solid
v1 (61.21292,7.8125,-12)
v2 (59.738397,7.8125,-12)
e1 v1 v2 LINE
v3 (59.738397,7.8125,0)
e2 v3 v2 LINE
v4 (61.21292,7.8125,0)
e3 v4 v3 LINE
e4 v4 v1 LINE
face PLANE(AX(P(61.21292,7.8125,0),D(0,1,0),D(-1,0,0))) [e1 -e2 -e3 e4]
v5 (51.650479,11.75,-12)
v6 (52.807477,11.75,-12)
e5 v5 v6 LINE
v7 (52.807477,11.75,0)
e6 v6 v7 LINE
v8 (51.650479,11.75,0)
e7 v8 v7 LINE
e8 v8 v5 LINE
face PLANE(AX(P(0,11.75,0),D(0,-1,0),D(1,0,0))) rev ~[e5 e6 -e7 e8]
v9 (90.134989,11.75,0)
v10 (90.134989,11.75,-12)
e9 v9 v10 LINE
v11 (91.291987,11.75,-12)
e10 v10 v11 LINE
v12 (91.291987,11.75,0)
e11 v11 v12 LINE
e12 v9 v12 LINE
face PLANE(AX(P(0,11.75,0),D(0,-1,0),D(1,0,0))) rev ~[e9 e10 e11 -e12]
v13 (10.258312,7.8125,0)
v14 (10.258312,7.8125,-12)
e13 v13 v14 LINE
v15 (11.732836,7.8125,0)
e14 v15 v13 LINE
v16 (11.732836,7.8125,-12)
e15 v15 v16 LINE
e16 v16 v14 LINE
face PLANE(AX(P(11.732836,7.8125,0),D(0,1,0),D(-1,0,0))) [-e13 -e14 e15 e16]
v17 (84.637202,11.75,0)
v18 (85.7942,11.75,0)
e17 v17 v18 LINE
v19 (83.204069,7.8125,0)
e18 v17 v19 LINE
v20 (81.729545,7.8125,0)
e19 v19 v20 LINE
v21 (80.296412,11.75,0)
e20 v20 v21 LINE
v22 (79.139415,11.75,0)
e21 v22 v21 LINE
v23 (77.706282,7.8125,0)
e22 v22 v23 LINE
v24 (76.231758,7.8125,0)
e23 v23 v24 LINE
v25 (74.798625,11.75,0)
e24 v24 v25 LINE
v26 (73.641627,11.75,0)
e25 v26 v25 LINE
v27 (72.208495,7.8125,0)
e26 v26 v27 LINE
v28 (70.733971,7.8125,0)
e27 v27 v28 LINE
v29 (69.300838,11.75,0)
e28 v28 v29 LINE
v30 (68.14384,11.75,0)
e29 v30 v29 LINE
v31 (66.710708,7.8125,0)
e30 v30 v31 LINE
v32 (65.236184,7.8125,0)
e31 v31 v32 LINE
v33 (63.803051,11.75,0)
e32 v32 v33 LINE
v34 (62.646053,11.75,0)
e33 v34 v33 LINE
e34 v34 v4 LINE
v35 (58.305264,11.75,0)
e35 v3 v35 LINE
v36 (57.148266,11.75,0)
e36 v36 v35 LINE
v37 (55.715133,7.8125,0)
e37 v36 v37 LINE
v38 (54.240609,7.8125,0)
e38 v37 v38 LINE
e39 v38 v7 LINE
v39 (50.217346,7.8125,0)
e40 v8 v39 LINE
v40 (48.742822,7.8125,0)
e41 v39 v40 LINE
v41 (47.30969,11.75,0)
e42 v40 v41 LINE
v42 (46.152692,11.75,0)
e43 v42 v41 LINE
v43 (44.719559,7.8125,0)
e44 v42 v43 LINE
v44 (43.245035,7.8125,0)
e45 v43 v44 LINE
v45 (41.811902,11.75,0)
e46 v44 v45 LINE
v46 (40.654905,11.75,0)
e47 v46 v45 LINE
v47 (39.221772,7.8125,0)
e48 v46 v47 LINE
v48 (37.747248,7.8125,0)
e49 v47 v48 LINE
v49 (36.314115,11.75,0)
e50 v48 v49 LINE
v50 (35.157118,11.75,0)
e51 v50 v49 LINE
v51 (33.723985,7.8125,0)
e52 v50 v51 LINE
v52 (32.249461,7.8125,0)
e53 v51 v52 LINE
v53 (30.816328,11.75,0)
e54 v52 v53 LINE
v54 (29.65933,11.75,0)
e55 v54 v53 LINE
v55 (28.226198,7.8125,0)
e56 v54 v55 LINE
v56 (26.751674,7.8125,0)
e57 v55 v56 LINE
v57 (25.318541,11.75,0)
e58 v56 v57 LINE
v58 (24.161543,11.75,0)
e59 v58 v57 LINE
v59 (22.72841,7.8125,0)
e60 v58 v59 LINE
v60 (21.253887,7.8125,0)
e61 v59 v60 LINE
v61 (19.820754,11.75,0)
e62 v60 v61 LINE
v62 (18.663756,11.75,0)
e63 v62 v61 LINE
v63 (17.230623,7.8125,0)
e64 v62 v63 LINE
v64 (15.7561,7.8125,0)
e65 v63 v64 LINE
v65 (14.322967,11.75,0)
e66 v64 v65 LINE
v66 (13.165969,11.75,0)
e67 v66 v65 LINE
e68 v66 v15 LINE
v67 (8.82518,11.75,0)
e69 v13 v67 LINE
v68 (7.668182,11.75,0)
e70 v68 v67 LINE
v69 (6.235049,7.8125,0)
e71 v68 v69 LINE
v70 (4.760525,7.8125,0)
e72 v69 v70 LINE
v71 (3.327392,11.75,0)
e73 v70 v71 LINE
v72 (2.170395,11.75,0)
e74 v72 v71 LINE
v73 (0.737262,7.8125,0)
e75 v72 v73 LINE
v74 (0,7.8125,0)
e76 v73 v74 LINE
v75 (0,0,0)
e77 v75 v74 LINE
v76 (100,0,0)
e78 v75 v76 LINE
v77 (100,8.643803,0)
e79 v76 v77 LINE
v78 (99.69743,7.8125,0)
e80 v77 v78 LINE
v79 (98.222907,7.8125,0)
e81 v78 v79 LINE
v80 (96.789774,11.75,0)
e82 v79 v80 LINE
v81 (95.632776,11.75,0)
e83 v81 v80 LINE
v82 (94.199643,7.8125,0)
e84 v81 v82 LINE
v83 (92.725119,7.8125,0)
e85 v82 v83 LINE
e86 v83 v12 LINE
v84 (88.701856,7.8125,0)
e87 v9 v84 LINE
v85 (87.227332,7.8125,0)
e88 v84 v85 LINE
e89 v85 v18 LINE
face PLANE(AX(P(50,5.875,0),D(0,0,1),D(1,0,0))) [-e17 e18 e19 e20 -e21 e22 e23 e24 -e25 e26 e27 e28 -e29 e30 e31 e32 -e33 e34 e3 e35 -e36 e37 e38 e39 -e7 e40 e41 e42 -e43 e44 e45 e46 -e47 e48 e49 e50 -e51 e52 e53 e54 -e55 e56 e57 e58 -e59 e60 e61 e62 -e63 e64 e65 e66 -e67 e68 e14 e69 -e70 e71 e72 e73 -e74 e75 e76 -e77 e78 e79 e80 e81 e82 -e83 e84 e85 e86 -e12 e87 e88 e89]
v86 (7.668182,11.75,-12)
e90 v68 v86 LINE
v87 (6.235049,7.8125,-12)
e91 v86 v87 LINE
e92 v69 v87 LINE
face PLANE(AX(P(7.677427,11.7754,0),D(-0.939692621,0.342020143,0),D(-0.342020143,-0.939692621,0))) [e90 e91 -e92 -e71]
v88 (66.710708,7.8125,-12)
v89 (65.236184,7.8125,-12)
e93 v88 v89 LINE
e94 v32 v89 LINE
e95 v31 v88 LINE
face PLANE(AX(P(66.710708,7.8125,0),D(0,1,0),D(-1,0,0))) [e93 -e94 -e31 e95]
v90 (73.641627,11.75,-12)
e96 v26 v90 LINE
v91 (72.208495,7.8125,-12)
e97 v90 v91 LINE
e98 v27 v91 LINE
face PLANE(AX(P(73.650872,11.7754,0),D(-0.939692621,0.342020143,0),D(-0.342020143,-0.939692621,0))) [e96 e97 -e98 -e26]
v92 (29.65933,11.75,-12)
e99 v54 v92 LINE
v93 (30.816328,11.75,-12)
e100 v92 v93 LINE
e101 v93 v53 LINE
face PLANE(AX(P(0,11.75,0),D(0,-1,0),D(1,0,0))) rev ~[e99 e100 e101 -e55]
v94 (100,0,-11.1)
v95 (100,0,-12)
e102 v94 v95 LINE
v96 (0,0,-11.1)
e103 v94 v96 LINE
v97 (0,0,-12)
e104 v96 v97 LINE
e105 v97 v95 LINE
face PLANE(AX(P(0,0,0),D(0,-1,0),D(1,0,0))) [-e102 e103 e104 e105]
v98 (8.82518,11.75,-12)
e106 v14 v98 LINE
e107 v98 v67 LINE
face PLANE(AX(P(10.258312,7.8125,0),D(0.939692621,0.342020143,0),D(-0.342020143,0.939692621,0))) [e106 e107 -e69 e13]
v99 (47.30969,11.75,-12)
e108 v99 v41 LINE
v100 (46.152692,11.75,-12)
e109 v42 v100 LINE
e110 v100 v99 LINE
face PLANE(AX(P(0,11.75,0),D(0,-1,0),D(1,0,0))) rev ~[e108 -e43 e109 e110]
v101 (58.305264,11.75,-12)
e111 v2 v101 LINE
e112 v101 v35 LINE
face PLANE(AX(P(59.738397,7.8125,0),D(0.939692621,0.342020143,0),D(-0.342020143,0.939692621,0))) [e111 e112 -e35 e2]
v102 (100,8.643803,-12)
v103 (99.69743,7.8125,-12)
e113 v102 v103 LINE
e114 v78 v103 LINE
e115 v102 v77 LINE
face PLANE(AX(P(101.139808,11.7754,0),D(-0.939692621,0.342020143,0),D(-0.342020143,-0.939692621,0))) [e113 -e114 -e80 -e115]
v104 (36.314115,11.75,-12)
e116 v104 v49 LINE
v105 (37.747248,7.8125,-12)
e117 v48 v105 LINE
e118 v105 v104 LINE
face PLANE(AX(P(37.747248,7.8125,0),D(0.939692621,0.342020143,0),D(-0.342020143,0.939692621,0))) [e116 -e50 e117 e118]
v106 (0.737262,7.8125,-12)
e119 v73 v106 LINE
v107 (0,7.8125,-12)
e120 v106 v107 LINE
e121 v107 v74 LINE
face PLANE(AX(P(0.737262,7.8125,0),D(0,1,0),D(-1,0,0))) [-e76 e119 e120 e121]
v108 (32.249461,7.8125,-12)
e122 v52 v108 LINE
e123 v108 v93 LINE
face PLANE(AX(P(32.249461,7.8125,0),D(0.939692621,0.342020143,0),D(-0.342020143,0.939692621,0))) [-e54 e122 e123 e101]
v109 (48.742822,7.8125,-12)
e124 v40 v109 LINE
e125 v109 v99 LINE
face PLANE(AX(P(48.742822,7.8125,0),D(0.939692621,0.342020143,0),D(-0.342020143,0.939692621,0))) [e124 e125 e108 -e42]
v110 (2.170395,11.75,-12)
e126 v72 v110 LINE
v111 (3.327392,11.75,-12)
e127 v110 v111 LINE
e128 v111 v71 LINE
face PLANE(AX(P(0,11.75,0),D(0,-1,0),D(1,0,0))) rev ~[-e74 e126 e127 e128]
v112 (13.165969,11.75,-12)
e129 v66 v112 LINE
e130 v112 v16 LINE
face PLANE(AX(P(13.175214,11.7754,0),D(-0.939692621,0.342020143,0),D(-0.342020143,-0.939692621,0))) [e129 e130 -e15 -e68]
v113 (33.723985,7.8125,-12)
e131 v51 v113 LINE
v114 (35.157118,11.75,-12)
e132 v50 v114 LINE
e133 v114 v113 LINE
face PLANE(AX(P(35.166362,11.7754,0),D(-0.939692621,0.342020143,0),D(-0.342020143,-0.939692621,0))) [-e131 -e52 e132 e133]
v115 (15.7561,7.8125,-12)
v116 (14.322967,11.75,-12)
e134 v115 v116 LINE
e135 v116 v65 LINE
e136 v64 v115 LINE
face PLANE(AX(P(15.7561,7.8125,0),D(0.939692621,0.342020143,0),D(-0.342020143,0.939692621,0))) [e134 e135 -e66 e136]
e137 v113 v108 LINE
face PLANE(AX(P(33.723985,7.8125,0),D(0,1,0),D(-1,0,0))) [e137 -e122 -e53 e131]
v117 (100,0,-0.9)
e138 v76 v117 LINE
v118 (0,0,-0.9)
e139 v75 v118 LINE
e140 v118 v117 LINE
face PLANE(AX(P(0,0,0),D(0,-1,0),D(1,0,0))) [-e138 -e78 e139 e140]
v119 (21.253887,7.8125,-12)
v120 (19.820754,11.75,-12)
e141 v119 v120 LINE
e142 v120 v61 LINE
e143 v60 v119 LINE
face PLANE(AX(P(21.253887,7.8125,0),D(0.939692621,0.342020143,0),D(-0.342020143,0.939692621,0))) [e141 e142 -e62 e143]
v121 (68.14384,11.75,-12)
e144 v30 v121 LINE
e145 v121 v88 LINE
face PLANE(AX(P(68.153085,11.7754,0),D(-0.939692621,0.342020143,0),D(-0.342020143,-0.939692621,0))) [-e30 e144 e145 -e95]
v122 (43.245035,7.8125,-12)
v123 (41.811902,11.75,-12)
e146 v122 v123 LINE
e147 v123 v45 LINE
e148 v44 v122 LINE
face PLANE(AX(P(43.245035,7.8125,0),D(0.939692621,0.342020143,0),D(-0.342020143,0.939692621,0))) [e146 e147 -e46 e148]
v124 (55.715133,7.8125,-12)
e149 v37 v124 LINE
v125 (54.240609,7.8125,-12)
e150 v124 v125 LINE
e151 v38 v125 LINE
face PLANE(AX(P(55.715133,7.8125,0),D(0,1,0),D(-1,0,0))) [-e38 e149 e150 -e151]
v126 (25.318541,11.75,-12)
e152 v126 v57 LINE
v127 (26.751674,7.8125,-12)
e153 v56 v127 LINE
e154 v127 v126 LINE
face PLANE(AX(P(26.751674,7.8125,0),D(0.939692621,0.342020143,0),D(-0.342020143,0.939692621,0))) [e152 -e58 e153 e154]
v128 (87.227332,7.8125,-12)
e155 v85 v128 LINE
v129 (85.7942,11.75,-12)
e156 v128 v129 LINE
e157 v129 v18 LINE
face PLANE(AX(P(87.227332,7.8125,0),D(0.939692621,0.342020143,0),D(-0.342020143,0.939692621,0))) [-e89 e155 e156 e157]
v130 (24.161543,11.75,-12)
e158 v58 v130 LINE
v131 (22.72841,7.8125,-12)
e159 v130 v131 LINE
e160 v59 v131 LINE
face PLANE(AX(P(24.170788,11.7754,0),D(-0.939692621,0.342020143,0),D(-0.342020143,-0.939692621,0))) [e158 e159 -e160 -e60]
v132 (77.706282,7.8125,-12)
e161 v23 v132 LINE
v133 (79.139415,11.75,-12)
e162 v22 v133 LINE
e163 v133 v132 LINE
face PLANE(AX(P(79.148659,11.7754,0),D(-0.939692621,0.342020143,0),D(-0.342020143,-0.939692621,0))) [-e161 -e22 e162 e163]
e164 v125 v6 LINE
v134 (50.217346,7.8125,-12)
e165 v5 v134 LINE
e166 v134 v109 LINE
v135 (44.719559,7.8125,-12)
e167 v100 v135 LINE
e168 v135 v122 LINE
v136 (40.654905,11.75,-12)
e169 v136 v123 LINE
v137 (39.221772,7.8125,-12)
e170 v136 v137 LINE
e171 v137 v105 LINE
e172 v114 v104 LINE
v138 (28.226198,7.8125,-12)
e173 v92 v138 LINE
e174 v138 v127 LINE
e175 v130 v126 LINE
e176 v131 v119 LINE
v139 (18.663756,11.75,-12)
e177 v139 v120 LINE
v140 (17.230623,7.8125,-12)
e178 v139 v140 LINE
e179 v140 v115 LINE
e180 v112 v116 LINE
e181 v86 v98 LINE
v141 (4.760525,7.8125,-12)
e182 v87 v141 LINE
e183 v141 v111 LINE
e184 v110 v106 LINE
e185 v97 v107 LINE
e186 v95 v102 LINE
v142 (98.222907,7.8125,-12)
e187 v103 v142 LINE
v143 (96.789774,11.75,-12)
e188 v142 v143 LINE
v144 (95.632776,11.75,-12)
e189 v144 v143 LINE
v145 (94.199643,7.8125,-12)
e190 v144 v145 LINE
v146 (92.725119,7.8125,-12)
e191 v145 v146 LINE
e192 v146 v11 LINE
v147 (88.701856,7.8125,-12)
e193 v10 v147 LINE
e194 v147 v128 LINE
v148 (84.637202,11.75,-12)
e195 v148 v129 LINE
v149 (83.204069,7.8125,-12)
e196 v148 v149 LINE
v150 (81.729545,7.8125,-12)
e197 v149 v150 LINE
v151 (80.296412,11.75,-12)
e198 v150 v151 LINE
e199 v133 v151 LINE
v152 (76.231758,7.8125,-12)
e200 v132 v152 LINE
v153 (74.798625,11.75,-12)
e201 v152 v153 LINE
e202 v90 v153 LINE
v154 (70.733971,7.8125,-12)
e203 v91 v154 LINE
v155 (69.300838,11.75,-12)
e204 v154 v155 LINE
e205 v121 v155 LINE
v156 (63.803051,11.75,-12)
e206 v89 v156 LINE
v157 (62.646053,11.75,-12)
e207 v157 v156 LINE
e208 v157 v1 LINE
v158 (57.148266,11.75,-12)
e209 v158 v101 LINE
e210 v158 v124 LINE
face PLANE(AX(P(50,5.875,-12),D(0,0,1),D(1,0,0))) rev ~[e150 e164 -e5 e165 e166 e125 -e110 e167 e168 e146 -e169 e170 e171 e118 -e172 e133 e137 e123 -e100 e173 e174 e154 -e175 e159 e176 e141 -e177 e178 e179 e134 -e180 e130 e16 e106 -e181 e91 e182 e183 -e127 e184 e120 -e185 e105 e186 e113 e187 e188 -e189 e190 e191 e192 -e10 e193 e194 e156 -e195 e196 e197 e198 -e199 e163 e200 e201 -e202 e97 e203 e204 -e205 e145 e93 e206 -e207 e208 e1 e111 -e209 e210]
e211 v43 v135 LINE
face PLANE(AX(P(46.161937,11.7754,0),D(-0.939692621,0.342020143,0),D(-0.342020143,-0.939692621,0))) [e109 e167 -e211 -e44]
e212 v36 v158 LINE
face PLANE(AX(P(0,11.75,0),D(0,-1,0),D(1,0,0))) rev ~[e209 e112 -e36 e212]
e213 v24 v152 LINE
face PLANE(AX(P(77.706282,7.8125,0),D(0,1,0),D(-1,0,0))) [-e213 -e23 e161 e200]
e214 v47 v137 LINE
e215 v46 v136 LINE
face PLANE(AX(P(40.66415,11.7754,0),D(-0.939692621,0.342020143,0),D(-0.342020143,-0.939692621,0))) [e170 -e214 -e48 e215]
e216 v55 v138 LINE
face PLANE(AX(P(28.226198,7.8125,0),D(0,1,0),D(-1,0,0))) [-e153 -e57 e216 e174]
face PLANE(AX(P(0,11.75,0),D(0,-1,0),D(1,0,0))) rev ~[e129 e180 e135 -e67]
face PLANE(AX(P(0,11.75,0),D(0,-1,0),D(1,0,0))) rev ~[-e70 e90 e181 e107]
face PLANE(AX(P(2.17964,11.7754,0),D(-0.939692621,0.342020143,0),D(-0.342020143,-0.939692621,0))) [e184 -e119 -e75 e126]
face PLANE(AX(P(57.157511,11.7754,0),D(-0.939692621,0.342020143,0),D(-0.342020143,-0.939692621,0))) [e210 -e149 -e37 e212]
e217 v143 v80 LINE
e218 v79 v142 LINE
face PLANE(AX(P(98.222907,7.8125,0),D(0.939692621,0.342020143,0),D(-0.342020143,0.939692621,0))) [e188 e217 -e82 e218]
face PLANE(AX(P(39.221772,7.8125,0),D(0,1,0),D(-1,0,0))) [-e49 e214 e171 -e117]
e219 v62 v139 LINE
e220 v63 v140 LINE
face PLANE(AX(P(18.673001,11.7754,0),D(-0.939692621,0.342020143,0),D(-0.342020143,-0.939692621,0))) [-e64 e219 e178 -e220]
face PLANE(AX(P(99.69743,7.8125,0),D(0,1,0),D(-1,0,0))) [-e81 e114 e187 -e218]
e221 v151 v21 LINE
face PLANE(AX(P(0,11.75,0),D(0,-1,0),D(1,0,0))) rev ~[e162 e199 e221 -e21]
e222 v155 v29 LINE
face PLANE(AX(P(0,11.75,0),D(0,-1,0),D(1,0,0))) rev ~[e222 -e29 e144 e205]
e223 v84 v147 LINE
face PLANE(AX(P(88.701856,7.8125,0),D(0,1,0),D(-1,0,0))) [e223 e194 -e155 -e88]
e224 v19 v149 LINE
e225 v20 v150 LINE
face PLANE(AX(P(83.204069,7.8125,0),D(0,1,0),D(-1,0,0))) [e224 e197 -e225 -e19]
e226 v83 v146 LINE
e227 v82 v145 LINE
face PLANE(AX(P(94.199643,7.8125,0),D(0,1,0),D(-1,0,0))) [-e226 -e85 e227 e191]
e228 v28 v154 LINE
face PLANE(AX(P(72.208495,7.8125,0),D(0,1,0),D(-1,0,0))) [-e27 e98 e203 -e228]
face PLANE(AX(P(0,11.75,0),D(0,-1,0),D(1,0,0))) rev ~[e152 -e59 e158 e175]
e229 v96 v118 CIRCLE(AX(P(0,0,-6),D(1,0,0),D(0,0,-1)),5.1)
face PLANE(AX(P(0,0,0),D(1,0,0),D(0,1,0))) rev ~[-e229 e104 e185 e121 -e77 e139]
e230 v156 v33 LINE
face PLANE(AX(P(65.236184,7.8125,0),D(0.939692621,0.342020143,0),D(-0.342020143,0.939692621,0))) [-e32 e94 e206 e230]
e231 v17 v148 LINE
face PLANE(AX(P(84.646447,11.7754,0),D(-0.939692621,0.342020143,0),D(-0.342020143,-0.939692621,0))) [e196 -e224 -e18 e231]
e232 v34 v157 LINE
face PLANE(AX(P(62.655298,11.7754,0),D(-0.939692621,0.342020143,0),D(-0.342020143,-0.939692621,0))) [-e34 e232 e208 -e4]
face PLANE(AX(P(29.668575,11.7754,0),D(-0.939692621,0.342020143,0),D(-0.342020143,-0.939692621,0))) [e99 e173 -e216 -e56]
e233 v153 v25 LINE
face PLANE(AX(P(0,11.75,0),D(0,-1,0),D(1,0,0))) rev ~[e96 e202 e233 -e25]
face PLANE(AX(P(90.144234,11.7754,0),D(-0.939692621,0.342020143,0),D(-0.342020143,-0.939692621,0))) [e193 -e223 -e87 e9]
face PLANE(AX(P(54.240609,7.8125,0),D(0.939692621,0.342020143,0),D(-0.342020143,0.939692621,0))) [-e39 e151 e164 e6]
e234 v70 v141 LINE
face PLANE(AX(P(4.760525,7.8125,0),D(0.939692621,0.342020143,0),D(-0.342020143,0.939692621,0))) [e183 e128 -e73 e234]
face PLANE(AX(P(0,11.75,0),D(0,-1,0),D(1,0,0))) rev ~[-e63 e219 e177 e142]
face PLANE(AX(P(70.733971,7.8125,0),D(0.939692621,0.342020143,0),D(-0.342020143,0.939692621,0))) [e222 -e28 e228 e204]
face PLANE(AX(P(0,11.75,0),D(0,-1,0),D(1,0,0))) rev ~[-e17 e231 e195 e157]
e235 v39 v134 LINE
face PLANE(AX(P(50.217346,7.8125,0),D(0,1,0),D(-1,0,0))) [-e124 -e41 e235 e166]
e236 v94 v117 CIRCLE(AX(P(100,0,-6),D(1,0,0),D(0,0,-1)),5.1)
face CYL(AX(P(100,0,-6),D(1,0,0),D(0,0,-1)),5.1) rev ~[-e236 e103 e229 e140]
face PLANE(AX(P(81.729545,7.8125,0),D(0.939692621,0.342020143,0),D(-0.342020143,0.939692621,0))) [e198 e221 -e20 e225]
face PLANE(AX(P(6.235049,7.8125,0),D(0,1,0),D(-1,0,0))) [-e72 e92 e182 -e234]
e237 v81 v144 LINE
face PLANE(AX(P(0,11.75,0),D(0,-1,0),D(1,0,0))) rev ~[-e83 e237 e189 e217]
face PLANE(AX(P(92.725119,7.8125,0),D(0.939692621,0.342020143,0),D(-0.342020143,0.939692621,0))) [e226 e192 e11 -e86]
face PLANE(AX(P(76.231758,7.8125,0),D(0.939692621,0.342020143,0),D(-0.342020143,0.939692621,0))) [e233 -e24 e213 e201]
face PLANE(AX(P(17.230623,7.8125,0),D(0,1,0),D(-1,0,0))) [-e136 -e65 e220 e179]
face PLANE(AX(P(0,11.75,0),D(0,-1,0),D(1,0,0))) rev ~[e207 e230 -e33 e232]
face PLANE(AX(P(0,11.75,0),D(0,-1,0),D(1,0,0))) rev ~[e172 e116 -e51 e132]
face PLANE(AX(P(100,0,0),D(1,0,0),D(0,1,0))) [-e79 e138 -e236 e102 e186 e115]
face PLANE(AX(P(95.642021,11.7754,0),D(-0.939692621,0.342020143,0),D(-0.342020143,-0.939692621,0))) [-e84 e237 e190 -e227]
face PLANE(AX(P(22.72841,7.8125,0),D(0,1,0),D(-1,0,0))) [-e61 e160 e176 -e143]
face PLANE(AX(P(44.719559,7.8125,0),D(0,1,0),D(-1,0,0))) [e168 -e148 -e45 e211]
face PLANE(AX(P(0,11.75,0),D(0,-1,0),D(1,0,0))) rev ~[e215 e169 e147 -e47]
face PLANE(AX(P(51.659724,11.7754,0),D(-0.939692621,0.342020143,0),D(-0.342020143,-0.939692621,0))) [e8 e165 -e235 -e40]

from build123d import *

# Parameters (mm, degrees)
BLANKSKE_W         = 100
BLANKSKE_H         = 11.75
BLANK_DEPTH        = 12
TOOTHCUTSIM_DEPTH  = 102.400505423
TEETHCUTS_COUNT    = 19
TEETHCUTS_PITCH    = 5.497787138
SKETCH1_R          = 5.1
CUT_EXTRUDE1_DEPTH = 102.400505423


with BuildPart() as part:
    # BlankSke → Blank (new body)
    with BuildSketch(Plane.XY):
        with Locations((50, 5.875)):
            Rectangle(BLANKSKE_W, BLANKSKE_H)
    extrude(amount=-BLANK_DEPTH)

    # TooCutSkeSim → ToothCutSim (cut, through all)
    with BuildSketch(Plane.XY):
        Polygon((0.737261897, 7.8125), (-0.737261897, 7.8125), (-2.179639538, 11.7754), (2.179639538, 11.7754), align=None)
    toothcutsim = extrude(amount=-TOOTHCUTSIM_DEPTH, mode=Mode.SUBTRACT)

    # TeethCuts: ToothCutSim ×19
    with Locations(*[(i * TEETHCUTS_PITCH, 0, 0) for i in range(1, TEETHCUTS_COUNT)]):
        add(toothcutsim, mode=Mode.SUBTRACT)

    # Sketch1 → Cut-Extrude1 (cut, through all)
    with BuildSketch(Plane(origin=(100, 0, 0), x_dir=(0, 0, -1), z_dir=(1, 0, 0))):
        with Locations((6, 0)):
            Circle(SKETCH1_R)
    extrude(amount=-CUT_EXTRUDE1_DEPTH, mode=Mode.SUBTRACT)


solid = part.part
